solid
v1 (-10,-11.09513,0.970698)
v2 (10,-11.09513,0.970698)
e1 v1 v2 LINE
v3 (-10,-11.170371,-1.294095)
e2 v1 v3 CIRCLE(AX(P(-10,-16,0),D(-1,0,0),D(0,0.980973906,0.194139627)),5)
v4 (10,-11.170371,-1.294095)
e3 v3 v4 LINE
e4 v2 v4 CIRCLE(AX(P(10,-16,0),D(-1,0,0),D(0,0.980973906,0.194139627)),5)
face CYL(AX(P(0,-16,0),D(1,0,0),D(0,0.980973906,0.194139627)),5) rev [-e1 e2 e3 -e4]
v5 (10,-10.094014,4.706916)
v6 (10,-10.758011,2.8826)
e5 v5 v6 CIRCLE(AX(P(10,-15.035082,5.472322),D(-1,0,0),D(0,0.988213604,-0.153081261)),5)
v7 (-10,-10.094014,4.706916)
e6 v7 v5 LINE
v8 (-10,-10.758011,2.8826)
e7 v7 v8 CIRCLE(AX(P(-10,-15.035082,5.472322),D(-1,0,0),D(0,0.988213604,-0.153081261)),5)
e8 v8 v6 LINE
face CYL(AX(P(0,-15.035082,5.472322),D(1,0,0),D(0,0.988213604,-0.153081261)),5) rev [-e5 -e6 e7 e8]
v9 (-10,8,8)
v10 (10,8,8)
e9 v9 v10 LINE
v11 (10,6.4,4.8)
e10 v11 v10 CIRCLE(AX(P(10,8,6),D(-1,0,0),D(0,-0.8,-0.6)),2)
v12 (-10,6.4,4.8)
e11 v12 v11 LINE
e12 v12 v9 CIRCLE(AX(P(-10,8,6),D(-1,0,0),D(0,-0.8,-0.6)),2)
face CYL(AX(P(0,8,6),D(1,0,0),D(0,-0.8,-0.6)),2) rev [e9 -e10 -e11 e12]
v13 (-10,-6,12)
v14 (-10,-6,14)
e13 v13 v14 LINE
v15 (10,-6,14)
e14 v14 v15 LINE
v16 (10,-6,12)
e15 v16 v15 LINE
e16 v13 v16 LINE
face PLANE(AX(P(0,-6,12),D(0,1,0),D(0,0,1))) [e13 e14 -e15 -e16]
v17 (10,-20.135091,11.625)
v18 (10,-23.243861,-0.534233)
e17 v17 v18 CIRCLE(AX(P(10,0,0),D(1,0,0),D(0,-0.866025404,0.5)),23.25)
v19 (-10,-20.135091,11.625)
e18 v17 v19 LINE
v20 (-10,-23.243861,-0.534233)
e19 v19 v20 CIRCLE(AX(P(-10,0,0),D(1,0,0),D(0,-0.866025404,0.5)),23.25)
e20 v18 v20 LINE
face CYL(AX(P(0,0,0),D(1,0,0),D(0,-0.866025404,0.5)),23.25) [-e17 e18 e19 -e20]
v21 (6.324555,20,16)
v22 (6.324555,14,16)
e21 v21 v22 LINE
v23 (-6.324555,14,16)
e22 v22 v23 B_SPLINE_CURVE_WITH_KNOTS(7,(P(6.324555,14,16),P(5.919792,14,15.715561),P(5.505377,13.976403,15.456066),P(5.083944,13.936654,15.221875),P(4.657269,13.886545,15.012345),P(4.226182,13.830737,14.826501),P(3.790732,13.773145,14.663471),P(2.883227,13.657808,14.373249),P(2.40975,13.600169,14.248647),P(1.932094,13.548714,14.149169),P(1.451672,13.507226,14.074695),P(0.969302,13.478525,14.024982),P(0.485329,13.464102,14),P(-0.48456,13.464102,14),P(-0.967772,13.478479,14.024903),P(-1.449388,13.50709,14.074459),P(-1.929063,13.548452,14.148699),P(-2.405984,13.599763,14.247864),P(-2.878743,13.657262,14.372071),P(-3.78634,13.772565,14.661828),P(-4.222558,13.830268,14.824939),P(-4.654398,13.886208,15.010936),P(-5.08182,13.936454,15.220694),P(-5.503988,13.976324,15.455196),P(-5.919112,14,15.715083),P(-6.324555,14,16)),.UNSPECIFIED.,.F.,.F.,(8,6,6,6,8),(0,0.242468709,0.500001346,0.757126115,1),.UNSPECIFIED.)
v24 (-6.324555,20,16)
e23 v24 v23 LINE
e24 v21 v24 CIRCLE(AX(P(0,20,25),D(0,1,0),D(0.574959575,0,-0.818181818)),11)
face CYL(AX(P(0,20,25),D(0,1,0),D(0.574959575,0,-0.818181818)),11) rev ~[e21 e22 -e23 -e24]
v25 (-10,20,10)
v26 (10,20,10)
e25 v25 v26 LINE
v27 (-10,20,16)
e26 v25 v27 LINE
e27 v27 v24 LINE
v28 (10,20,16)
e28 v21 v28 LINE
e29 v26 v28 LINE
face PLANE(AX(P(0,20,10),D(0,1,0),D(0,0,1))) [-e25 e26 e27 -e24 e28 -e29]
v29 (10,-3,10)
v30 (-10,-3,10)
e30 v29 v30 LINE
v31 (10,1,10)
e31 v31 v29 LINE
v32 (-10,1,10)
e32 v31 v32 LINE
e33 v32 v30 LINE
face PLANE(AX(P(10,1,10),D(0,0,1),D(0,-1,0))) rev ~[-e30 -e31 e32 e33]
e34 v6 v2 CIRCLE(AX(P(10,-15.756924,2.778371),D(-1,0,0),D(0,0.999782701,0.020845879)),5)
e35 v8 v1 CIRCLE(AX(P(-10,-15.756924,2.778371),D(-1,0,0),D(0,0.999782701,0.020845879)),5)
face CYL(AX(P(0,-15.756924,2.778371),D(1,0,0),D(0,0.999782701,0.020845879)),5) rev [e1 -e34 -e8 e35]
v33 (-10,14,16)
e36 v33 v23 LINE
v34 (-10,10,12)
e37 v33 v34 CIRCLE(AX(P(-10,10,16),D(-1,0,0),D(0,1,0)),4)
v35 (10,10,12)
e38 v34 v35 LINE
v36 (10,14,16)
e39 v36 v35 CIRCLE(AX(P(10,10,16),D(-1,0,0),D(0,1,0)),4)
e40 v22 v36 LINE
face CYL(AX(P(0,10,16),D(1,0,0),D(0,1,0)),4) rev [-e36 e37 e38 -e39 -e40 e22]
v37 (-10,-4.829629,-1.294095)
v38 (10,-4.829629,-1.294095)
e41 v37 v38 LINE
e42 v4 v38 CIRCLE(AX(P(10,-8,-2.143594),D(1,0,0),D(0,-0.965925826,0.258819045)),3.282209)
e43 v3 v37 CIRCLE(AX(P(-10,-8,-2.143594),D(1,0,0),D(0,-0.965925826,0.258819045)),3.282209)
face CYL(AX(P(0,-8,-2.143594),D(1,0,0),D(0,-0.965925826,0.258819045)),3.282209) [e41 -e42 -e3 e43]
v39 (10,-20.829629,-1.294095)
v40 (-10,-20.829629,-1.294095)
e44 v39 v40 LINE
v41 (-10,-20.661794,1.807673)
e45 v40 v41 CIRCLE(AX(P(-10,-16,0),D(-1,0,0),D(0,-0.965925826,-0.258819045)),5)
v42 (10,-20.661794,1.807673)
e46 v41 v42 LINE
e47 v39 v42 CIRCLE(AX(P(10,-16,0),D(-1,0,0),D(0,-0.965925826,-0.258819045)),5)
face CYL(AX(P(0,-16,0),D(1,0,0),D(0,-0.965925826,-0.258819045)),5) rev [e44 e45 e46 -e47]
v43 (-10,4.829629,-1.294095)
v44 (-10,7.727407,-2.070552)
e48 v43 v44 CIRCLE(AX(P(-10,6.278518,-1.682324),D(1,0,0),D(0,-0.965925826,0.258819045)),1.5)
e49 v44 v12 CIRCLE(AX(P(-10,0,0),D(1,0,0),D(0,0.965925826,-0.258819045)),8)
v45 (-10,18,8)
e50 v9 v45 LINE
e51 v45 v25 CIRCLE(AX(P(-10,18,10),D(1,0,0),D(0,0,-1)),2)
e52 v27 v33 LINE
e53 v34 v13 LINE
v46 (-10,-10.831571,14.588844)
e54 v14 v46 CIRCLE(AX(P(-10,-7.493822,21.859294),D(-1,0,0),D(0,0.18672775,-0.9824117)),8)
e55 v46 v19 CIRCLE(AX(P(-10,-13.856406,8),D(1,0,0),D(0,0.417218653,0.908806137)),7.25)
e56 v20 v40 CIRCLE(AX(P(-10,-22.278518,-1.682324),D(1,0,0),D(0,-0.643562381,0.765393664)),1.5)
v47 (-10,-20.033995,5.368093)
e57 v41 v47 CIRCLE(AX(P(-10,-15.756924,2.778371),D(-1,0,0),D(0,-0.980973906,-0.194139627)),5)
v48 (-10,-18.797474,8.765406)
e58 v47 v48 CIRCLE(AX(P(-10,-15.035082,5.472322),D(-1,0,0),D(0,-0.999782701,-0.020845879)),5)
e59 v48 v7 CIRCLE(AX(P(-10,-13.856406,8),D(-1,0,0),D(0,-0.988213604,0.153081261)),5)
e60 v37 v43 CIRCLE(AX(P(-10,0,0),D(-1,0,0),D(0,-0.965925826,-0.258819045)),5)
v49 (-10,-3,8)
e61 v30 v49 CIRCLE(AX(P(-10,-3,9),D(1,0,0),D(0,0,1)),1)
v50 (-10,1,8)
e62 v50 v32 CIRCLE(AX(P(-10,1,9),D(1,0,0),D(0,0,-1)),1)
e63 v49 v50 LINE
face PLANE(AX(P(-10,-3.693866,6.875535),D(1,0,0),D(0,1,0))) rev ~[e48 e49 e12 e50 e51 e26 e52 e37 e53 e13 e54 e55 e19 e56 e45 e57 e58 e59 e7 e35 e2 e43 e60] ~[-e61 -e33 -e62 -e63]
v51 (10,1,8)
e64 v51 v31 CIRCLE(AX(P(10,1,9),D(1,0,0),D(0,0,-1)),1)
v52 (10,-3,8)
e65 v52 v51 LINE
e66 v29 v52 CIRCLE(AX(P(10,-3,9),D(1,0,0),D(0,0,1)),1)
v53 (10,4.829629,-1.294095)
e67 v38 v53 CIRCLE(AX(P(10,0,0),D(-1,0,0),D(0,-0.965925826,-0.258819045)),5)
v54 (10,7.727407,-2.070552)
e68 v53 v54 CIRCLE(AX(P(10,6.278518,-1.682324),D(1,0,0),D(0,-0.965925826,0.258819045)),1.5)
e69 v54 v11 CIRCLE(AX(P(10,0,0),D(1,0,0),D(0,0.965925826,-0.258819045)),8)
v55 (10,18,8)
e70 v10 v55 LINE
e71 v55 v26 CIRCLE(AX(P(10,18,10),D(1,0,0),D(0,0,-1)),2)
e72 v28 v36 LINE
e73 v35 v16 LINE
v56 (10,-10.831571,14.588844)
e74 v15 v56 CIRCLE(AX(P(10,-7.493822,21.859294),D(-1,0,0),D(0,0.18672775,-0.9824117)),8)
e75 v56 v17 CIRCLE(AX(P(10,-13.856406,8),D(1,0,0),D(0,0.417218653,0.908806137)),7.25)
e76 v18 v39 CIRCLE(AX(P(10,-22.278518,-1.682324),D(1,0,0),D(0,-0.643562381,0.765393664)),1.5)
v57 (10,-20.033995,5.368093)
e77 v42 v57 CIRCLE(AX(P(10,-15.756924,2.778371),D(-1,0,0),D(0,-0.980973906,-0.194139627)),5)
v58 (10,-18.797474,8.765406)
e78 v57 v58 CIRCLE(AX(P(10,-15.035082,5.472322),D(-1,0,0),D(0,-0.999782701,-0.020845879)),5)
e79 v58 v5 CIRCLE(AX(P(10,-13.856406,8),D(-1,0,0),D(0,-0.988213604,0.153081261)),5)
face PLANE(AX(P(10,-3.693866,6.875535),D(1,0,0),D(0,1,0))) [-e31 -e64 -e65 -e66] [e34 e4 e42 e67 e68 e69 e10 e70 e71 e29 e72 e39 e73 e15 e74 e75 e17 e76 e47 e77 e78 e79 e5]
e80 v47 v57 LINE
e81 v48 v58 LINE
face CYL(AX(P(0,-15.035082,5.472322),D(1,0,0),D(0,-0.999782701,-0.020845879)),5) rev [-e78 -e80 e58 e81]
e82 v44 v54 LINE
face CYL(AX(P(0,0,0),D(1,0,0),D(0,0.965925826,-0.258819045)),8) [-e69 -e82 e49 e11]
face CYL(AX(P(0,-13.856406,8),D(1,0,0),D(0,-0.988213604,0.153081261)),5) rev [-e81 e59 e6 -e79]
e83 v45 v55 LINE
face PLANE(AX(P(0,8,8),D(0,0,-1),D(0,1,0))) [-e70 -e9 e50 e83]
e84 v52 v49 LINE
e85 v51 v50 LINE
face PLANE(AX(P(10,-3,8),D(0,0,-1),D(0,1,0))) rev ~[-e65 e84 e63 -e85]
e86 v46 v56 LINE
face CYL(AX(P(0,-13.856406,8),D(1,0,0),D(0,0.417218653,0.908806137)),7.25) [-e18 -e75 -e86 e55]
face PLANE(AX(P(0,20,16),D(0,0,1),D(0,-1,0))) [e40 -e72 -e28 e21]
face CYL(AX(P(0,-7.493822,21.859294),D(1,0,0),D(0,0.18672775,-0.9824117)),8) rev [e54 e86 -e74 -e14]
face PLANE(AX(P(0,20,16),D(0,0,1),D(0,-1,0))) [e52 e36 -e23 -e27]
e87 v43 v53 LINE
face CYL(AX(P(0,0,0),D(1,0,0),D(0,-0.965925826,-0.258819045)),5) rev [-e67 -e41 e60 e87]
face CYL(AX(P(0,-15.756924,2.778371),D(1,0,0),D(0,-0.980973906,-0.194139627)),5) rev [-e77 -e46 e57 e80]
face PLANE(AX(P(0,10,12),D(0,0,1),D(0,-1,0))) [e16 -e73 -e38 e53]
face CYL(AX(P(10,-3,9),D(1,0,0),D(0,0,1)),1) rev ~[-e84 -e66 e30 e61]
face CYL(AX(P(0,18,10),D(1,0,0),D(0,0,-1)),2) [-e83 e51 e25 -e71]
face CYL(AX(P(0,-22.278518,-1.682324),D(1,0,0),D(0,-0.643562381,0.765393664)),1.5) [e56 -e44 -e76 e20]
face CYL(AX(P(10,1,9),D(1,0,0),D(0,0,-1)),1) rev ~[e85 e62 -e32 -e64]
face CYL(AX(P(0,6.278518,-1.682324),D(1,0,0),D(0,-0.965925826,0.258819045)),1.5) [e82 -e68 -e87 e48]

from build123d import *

# Parameters (mm, degrees)
F1_DEPTH = 10
F3_DEPTH = 20
F5_DEPTH = 7.5358984849


with BuildPart() as f1:
    # F0 (on Right) → F1 (new body, symmetric)
    with BuildSketch(Plane.YZ):
        with BuildLine():
            ThreePointArc((-20.8296291314, -1.2940952255), (-20.9926964007, 0.2701530127), (-20.6617935804, 1.8076727064))
            ThreePointArc((-20.6617935804, 1.8076727064), (-20.6809628133, 3.646611731), (-20.0339954379, 5.3680928987))
            ThreePointArc((-20.0339954379, 5.3680928987), (-19.7335450365, 7.1824230098), (-18.7974744816, 8.7654063047))
            ThreePointArc((-18.7974744816, 8.7654063047), (-11.7433151518, 12.5315389352), (-10.0940139115, 4.7069159885))
            ThreePointArc((-10.0940139115, 4.7069159885), (-10.3366188286, 3.7622215766), (-10.7580105429, 2.8826002371))
            ThreePointArc((-10.7580105429, 2.8826002371), (-10.8328852831, 1.9101299543), (-11.0951304678, 0.9706981363))
            ThreePointArc((-11.0951304678, 0.9706981363), (-11.0027569299, -0.1660171642), (-11.1703708686, -1.2940952255))
            ThreePointArc((-11.1703708686, -1.2940952255), (-8, -5.4258029827), (-4.8296291314, -1.2940952255))
            ThreePointArc((-4.8296291314, -1.2940952255), (0, 5), (4.8296291314, -1.2940952255))
            ThreePointArc((4.8296291314, -1.2940952255), (5.8902893032, -3.1312125326), (7.7274066103, -2.0705523608))
            ThreePointArc((7.7274066103, -2.0705523608), (7.8547454968, 1.517555001), (6.4, 4.8))
            ThreePointArc((6.4, 4.8), (6.211145618, 6.894427191), (8, 8))
            Line((8, 8), (18, 8))
            ThreePointArc((18, 8), (19.4142135624, 8.5857864376), (20, 10))
            Line((20, 10), (20, 16))
            Line((20, 16), (14, 16))
            ThreePointArc((14, 16), (12.8284271247, 13.1715728753), (10, 12))
            Line((10, 12), (-6, 12))
            Line((-6, 12), (-6, 14))
            ThreePointArc((-6, 14), (-8.4616553345, 13.9180532248), (-10.8315712253, 14.5888444966))
            ThreePointArc((-10.8315712253, 14.5888444966), (-16.0570828985, 14.9079319058), (-20.135090638, 11.625))
            ThreePointArc((-20.135090638, 11.625), (-22.5254325043, 5.7591136901), (-23.2438614431, -0.5342332969))
            ThreePointArc((-23.2438614431, -0.5342332969), (-22.7288527683, -3.1131272319), (-20.8296291314, -1.2940952255))
        make_face()
    extrude(amount=F1_DEPTH, both=True)

    # F2 (on face) → F3 (cut, through all)
    with BuildSketch(Plane.YZ.offset(10)):
        with BuildLine():
            Line((1, 10), (-3, 10))
            ThreePointArc((-3, 10), (-4, 9), (-3, 8))
            Line((-3, 8), (1, 8))
            ThreePointArc((1, 8), (2, 9), (1, 10))
        make_face()
    extrude(amount=-F3_DEPTH, mode=Mode.SUBTRACT)

    # F4 (on face) → F5 (cut, up to face)
    with BuildSketch(Plane(origin=(0, 20, 0), x_dir=(-1, 0, 0), z_dir=(0, 1, 0))):
        with BuildLine():
            Line((6.3245553203, 16), (-6.3245553203, 16))
            ThreePointArc((-6.3245553203, 16), (0, 14), (6.3245553203, 16))
        make_face()
    extrude(amount=-F5_DEPTH, mode=Mode.SUBTRACT)


solid = f1.part
